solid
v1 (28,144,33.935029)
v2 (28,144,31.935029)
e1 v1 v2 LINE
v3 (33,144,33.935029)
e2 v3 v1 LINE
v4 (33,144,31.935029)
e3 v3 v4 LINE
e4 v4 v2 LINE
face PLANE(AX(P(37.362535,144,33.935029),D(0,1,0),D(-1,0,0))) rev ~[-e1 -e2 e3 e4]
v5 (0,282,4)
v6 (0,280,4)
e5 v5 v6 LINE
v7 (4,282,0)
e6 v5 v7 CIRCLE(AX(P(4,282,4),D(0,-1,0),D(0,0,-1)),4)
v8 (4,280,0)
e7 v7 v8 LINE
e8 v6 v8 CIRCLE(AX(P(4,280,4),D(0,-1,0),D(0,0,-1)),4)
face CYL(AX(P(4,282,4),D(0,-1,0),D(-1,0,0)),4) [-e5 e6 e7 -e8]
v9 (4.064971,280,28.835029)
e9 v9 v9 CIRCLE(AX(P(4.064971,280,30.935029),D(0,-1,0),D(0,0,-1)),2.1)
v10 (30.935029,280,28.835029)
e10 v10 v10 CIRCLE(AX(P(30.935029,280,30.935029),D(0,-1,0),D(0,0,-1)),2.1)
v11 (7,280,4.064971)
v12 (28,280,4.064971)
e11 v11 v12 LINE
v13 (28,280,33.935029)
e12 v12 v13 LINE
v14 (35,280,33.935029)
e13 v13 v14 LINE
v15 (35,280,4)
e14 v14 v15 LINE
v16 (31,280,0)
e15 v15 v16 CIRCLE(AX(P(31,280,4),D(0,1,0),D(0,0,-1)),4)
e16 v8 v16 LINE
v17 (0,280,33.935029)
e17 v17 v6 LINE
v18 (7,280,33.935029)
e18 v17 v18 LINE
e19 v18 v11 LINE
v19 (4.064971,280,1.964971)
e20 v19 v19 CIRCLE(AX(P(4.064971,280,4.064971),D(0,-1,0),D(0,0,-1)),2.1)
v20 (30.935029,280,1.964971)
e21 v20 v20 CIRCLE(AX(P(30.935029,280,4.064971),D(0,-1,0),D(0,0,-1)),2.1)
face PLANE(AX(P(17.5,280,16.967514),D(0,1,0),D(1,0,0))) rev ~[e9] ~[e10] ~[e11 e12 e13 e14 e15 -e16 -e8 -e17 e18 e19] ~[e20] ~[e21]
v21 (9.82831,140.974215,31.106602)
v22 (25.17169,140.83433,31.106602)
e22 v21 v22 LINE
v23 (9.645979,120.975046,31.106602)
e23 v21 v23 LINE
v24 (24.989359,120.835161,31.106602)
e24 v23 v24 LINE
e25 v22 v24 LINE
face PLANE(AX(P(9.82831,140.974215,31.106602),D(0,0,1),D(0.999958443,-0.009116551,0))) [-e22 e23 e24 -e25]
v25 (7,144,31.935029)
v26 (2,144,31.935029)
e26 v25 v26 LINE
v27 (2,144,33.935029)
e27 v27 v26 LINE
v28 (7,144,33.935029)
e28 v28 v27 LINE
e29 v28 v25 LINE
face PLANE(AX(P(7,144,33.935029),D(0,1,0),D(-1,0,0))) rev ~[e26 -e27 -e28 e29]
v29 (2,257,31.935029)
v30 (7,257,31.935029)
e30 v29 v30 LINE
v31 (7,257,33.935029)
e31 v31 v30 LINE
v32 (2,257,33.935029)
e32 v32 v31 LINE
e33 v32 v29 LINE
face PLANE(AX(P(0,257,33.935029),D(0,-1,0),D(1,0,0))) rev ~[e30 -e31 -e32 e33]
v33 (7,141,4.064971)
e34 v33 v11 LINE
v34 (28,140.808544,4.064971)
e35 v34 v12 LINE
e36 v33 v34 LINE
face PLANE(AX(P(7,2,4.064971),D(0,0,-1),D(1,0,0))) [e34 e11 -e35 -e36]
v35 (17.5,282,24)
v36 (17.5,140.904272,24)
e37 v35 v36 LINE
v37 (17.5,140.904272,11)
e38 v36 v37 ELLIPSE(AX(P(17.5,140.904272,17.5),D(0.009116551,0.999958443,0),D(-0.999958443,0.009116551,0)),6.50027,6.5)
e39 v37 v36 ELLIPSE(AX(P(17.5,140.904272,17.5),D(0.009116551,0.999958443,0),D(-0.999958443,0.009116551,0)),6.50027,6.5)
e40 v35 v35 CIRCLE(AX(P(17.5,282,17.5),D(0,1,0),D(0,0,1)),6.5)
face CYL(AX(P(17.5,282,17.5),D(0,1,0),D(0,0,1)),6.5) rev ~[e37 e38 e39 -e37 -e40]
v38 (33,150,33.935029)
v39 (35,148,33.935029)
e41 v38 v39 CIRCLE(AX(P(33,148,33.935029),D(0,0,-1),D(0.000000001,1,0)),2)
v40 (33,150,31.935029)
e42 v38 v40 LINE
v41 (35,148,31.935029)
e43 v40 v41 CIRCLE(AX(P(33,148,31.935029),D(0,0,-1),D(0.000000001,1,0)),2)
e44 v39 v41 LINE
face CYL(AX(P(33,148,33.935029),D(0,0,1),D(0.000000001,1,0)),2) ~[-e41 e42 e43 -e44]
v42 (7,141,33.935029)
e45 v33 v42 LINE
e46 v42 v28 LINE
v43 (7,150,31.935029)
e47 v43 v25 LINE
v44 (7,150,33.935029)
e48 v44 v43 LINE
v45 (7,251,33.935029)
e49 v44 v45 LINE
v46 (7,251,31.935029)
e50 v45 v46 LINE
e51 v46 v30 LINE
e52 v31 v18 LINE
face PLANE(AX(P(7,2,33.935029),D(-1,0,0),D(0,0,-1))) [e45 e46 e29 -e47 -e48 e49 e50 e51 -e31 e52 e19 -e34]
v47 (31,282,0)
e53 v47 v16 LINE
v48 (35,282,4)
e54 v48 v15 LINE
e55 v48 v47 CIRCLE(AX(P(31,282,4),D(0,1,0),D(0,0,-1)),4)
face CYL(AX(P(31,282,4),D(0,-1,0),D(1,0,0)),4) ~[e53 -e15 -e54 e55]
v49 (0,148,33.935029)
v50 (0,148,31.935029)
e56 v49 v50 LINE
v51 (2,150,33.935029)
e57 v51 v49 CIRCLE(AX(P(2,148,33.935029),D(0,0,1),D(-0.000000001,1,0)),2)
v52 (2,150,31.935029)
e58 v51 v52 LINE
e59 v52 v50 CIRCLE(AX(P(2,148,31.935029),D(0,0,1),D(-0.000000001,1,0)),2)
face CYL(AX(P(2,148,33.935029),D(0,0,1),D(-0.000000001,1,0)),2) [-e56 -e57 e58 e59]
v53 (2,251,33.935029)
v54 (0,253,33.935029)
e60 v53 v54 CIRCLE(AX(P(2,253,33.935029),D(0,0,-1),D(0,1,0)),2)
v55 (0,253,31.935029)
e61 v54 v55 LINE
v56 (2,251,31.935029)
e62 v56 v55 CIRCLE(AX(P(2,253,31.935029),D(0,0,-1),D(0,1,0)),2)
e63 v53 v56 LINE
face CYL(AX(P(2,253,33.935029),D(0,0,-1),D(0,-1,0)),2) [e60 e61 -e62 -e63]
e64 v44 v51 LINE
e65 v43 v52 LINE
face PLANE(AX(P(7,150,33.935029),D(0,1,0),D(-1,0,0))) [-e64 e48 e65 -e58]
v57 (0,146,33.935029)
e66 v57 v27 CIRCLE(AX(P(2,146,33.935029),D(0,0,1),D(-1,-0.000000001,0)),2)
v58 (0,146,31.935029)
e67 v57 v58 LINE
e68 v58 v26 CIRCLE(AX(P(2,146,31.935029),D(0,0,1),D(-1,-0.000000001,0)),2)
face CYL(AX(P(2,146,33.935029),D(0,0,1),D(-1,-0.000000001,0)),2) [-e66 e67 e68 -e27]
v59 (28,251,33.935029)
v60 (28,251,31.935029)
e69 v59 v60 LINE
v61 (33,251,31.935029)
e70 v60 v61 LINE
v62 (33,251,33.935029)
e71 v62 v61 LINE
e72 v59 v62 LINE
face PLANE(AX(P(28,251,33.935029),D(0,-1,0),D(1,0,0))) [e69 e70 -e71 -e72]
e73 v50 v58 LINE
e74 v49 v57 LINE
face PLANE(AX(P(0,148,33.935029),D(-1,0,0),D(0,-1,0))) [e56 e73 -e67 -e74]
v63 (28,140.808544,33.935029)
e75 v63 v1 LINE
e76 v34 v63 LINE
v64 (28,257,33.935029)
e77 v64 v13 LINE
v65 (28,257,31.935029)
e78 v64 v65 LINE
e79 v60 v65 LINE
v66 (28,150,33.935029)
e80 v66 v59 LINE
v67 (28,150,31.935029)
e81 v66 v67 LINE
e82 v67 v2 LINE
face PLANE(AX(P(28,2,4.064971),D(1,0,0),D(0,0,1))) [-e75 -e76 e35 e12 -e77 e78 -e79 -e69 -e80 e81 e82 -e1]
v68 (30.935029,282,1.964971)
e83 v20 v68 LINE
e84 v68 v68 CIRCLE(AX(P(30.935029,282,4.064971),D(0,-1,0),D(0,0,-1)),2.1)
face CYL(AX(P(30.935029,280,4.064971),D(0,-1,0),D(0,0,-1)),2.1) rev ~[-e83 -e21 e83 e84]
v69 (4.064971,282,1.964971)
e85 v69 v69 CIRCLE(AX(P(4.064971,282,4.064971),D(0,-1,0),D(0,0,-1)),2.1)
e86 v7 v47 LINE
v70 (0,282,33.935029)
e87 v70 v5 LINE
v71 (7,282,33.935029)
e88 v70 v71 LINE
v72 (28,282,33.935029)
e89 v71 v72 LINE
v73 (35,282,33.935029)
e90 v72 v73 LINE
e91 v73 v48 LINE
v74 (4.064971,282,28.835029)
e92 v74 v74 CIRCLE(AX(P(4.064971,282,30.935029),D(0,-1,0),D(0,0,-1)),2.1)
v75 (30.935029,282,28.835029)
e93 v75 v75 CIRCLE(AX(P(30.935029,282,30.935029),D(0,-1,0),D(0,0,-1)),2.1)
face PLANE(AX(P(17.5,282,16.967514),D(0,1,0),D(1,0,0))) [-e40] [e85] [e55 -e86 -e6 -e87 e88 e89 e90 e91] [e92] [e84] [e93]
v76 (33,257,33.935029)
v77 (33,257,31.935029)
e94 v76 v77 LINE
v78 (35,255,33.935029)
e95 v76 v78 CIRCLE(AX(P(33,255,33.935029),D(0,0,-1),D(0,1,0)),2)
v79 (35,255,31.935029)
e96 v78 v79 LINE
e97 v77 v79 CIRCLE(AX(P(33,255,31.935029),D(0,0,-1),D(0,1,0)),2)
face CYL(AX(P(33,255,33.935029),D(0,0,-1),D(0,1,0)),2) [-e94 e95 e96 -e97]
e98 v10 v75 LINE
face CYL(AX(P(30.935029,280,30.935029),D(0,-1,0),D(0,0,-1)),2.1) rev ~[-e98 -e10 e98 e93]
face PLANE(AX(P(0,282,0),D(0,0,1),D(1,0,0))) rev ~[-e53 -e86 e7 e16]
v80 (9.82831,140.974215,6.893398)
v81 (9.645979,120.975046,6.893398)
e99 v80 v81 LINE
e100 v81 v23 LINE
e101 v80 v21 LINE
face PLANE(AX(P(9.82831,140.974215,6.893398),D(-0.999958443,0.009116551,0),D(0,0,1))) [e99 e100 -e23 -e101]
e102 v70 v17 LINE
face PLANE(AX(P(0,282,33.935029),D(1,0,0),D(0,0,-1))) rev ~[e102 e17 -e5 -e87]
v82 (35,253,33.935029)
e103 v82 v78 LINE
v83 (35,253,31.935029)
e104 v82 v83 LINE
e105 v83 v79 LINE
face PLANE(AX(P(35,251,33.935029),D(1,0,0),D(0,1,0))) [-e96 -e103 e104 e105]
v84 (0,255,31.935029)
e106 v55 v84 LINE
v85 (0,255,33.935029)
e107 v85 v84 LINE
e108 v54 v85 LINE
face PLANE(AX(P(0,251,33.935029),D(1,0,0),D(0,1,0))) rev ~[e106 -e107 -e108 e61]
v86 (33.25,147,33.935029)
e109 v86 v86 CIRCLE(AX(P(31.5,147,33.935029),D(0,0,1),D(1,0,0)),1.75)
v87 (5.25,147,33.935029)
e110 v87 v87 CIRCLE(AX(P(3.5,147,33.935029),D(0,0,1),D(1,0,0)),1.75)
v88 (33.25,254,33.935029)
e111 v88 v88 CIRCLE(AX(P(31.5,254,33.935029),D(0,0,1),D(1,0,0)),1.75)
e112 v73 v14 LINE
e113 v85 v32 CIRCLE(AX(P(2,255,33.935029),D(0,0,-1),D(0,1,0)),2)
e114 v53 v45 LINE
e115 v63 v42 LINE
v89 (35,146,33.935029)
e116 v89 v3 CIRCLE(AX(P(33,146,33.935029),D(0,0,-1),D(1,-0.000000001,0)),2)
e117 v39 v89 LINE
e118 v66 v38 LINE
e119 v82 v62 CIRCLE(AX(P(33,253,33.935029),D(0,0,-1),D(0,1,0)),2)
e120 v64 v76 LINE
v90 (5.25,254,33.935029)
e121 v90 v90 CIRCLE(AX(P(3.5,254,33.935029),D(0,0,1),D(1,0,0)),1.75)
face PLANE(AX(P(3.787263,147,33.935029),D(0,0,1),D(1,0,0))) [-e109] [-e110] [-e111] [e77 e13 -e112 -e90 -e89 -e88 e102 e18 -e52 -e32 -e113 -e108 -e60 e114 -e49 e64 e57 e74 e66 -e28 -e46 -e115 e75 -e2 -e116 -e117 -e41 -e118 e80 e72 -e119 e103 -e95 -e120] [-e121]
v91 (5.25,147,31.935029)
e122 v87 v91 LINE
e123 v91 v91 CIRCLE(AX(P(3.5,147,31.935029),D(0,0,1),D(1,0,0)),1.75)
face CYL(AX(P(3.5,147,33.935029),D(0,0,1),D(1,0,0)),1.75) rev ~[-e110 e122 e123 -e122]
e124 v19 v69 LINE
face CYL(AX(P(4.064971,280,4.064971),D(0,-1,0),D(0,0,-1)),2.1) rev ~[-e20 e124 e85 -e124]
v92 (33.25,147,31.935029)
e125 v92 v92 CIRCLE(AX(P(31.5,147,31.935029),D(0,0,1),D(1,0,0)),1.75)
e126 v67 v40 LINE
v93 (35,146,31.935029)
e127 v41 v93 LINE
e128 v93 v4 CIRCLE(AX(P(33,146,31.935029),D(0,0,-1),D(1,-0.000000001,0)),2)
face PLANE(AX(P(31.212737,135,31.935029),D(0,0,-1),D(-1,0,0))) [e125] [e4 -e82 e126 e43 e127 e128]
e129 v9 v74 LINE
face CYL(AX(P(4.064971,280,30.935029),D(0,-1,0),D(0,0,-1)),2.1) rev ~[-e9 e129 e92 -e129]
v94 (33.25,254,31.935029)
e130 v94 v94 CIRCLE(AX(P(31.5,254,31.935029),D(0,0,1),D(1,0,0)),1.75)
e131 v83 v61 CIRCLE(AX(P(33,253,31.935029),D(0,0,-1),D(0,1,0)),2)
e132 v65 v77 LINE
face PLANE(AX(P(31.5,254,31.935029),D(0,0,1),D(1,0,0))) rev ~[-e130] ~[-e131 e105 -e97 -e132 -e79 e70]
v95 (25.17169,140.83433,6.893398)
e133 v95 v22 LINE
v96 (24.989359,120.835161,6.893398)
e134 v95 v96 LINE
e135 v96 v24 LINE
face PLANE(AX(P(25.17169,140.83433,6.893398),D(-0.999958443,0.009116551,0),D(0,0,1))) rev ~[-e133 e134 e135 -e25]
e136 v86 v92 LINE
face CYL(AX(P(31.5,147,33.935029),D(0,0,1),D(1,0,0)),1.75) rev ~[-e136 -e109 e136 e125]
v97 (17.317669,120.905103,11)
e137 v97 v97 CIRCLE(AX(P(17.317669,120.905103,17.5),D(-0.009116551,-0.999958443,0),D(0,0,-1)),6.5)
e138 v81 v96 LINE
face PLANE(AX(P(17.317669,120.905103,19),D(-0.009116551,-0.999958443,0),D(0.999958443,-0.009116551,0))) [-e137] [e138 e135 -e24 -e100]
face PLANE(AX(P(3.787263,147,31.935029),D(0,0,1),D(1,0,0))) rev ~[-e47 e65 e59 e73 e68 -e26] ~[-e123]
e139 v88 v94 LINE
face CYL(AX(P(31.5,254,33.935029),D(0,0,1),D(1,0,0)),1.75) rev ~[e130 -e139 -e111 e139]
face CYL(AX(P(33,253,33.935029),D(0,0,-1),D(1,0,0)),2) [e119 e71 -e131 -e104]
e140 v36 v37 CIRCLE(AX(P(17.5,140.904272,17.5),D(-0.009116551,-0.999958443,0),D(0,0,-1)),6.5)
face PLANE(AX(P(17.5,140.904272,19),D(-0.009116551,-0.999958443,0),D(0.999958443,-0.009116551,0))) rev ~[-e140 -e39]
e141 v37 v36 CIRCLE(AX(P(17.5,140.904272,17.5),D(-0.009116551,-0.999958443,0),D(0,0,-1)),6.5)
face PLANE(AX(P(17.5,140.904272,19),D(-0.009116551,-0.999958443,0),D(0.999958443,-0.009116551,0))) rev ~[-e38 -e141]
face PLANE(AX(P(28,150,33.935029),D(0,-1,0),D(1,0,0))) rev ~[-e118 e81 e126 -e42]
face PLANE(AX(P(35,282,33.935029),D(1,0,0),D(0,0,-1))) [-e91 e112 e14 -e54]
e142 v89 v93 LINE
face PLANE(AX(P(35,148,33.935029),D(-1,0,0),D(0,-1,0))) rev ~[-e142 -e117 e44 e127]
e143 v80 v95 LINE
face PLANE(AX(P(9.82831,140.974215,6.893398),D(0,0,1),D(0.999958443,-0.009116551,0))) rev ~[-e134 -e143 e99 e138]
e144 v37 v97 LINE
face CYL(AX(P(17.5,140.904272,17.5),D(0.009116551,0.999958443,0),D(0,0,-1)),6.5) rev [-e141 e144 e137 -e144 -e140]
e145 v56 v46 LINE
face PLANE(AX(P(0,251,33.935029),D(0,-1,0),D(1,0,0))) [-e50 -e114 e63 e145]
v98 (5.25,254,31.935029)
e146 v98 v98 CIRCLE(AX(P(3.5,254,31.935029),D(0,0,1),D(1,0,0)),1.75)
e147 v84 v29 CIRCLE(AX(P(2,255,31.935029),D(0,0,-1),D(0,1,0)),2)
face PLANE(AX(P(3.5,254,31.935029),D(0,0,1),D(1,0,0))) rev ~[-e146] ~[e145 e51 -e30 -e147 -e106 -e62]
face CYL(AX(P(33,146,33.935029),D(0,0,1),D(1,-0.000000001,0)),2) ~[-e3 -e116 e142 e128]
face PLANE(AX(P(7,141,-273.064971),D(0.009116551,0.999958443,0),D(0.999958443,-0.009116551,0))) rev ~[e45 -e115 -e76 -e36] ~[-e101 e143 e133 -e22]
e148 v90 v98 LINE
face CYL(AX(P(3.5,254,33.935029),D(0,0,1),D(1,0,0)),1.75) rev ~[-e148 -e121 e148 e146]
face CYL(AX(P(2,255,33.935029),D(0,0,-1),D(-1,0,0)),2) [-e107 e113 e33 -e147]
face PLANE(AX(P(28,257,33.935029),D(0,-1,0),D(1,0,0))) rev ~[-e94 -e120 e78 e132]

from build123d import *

# Parameters (mm, degrees)
ESQUISSE1_W                  = 35
ESQUISSE1_H                  = 35
BOSS_EXTRU_1_DEPTH           = 2
ESQUISSE2_R                  = 1.75
ESQUISSE2_W                  = 35
ESQUISSE2_H                  = 1.064971157
ENL_V_MAT_EXTRU_1_DEPTH      = 2
BOSS_EXTRU_2_DEPTH           = 280
ESQUISSE5_W                  = 7
ESQUISSE5_H                  = 6
ESQUISSE5_R                  = 1.75
BOSS_EXTRU_3_DEPTH           = 2
ESQUISSE6_R                  = 1.75
BOSS_EXTRU_4_DEPTH           = 2
ESQUISSE10_W                 = 35
ESQUISSE10_H                 = 33.935028843
ESQUISSE10_R                 = 1.75
BOSS_EXTRU_5_DEPTH           = 2
ESQUISSE15_R                 = 6.5
ESQUISSE15_R_2               = 1.75
ENL_V_MAT_EXTRU_2_DEPTH      = 373
CONG_1_R                     = 2
CONG_2_R                     = 4
ESQUISSE17_R                 = 1.75
BOSS_EXTRU_6_DEPTH           = 2
ENL_V_MAT_EXTRU_3_DEPTH      = 2
ENL_V_MAT_EXTRU_4_DEPTH      = 128
ENL_V_MAT_EXTRU_4_DEPTH_BACK = 307
ESQUISSE20_W                 = 15.344018475
ESQUISSE20_H                 = 24.213203648
ESQUISSE20_R                 = 6.5
BOSS_EXTRU_7_DEPTH           = 20
ESQUISSE21_R                 = 2.1
ENL_V_MAT_EXTRU_5_DEPTH      = 10


with BuildPart() as part:
    # Esquisse1 → Boss.-Extru.1 (new body)
    with BuildSketch(Plane(origin=(0, 0, 0), x_dir=(1, 0, 0), z_dir=(0, 1, 0))):
        with Locations((17.5, -17.5)):
            Rectangle(ESQUISSE1_W, ESQUISSE1_H)
    extrude(amount=BOSS_EXTRU_1_DEPTH)

    # Esquisse2 → Enlèv. mat.-Extru.1 (cut)
    with BuildSketch(Plane(origin=(0, 2, 0), x_dir=(1, 0, 0), z_dir=(0, 1, 0))):
        with Locations(Location((30.935029054, -4.064971369, 0), (0, 0, 270))):
            Circle(ESQUISSE2_R)
        with Locations(Location((30.935028843, -30.935028843, 0), (0, 0, 270))):
            Circle(ESQUISSE2_R)
        with Locations(Location((4.064971369, -4.064970946, 0), (0, 0, 270))):
            Circle(ESQUISSE2_R)
        with Locations(Location((4.064971157, -30.935028843, 0), (0, 0, 270))):
            Circle(ESQUISSE2_R)
        with Locations((17.5, -34.467514421)):
            Rectangle(ESQUISSE2_W, ESQUISSE2_H)
    extrude(amount=-ENL_V_MAT_EXTRU_1_DEPTH, mode=Mode.SUBTRACT)

    # Esquisse4 → Boss.-Extru.2 (add)
    with BuildSketch(Plane(origin=(0, 2, 0), x_dir=(1, 0, 0), z_dir=(0, 1, 0))):
        Polygon((17.5, -33.935028843), (7, -33.935028843), (7, -4.064970946), (28, -4.064970946), (28, -33.935028843), align=None)
    extrude(amount=BOSS_EXTRU_2_DEPTH)

    # Esquisse5 → Boss.-Extru.3 (add)
    # profile 1 of 4: a face of its own
    with BuildSketch(Plane.XY.offset(33.935028843)):
        with Locations((31.5, 254)):
            Rectangle(ESQUISSE5_W, ESQUISSE5_H)
        with Locations((31.5, 254)):
            Circle(ESQUISSE5_R, mode=Mode.SUBTRACT)
    # profile 2 of 4: a face of its own
    with BuildSketch(Plane.XY.offset(33.935028843)):
        with Locations((3.5, 254)):
            Rectangle(ESQUISSE5_W, ESQUISSE5_H)
        with Locations((3.5, 254)):
            Circle(ESQUISSE5_R, mode=Mode.SUBTRACT)
    # profile 3 of 4: a face of its own
    with BuildSketch(Plane.XY.offset(33.935028843)):
        with Locations((31.5, 28)):
            Rectangle(ESQUISSE5_W, ESQUISSE5_H)
        with Locations((31.5, 28)):
            Circle(ESQUISSE5_R, mode=Mode.SUBTRACT)
    # profile 4 of 4: a face of its own
    with BuildSketch(Plane.XY.offset(33.935028843)):
        with Locations((3.5, 28)):
            Rectangle(ESQUISSE5_W, ESQUISSE5_H)
        with Locations((3.5, 28)):
            Circle(ESQUISSE5_R, mode=Mode.SUBTRACT)
    extrude(amount=-BOSS_EXTRU_3_DEPTH)

    # Esquisse6 → Boss.-Extru.4 (add)
    # profile 1 of 2: a face of its own
    with BuildSketch(Plane.XY.offset(33.935028843)):
        Polygon((7, 144), (0, 144), (0, 141), (0, 138), (7, 138), (7, 141), align=None)
        with Locations((3.5, 141)):
            Circle(ESQUISSE6_R, mode=Mode.SUBTRACT)
    # profile 2 of 2: a face of its own
    with BuildSketch(Plane.XY.offset(33.935028843)):
        Polygon((35, 144), (28, 144), (28, 141), (28, 138), (35, 138), (35, 141), align=None)
        with Locations((31.5, 141)):
            Circle(ESQUISSE6_R, mode=Mode.SUBTRACT)
    extrude(amount=-BOSS_EXTRU_4_DEPTH)

    # Esquisse10 → Boss.-Extru.5 (add)
    with BuildSketch(Plane(origin=(0, 282, 0), x_dir=(1, 0, 0), z_dir=(0, 1, 0))):
        with Locations((17.5, -16.967514422)):
            Rectangle(ESQUISSE10_W, ESQUISSE10_H)
        with Locations(Location((30.935028843, -30.935028843, 0), (0, 0, 270))):
            Circle(ESQUISSE10_R, mode=Mode.SUBTRACT)
        with Locations(Location((30.935028631, -4.064970946, 0), (0, 0, 270.000013863))):
            Circle(ESQUISSE10_R, mode=Mode.SUBTRACT)
        with Locations(Location((4.064970946, -4.064971369, 0), (0, 0, 270.000013863))):
            Circle(ESQUISSE10_R, mode=Mode.SUBTRACT)
        with Locations(Location((4.064971157, -30.935028843, 0), (0, 0, 270))):
            Circle(ESQUISSE10_R, mode=Mode.SUBTRACT)
    extrude(amount=-BOSS_EXTRU_5_DEPTH)

    # Esquisse15 → Enlèv. mat.-Extru.2 (cut)
    with BuildSketch(Plane(origin=(0, 282, 0), x_dir=(1, 0, 0), z_dir=(0, 1, 0))):
        with Locations(Location((17.5, -17.5, 0), (0, 0, 270))):
            Circle(ESQUISSE15_R)
        with Locations(Location((30.935029054, -4.064971369, 0), (0, 0, 270))):
            Circle(ESQUISSE15_R_2)
    extrude(amount=-ENL_V_MAT_EXTRU_2_DEPTH, mode=Mode.SUBTRACT)

    # Congé1
    cong_1_edges = [part.edges().sort_by_distance(p)[0] for p in [
        (0, 31, 32.935028843),
        (0, 25, 32.935028843),
        (0, 144, 32.935028843),
        (0, 138, 32.935028843),
        (35, 144, 32.935028843),
        (35, 138, 32.935028843),
        (35, 257, 32.935028843),
        (35, 251, 32.935028843),
        (0, 251, 32.935028843),
        (0, 257, 32.935028843),
        (35, 31, 32.935028843),
        (35, 25, 32.935028843),
    ]]
    fillet(cong_1_edges, radius=CONG_1_R)

    # Congé2
    cong_2_edges = [part.edges().sort_by_distance(p)[0] for p in [
        (35, 281, 0),
        (0, 281, 0),
        (0, 1, 0),
        (35, 1, 0),
    ]]
    fillet(cong_2_edges, radius=CONG_2_R)

    # Esquisse17 → Boss.-Extru.6 (add)
    # profile 1 of 4: a face of its own
    with BuildSketch(Plane.XY.offset(33.935028843)):
        with BuildLine():
            Line((0, 148), (0, 146))
            ThreePointArc((0, 146), (0.585786438, 144.585786438), (2, 144))
            Line((2, 144), (7, 144))
            Line((7, 144), (7, 150))
            Line((7, 150), (2, 150))
            ThreePointArc((2, 150), (0.585786438, 149.414213562), (0, 148))
        make_face()
        with Locations((3.5, 147)):
            Circle(ESQUISSE17_R, mode=Mode.SUBTRACT)
    # profile 2 of 4: a face of its own
    with BuildSketch(Plane.XY.offset(33.935028843)):
        with BuildLine():
            Line((0, 136), (0, 134))
            ThreePointArc((0, 134), (0.585786438, 132.585786438), (2, 132))
            Line((2, 132), (7, 132))
            Line((7, 132), (7, 138))
            Line((7, 138), (2, 138))
            ThreePointArc((2, 138), (0.585786438, 137.414213562), (0, 136))
        make_face()
        with Locations((3.5, 135)):
            Circle(ESQUISSE17_R, mode=Mode.SUBTRACT)
    # profile 3 of 4: a face of its own
    with BuildSketch(Plane.XY.offset(33.935028843)):
        with BuildLine():
            ThreePointArc((35, 134), (34.414213562, 132.585786438), (33, 132))
            Line((33, 132), (28, 132))
            Line((28, 132), (28, 138))
            Line((28, 138), (33, 138))
            ThreePointArc((33, 138), (34.414213562, 137.414213562), (35, 136))
            Line((35, 136), (35, 134))
        make_face()
        with Locations((31.5, 135)):
            Circle(ESQUISSE17_R, mode=Mode.SUBTRACT)
    # profile 4 of 4: a face of its own
    with BuildSketch(Plane.XY.offset(33.935028843)):
        with BuildLine():
            ThreePointArc((35, 146), (34.414213562, 144.585786438), (33, 144))
            Line((33, 144), (28, 144))
            Line((28, 144), (28, 150))
            Line((28, 150), (33, 150))
            ThreePointArc((33, 150), (34.414213562, 149.414213562), (35, 148))
            Line((35, 148), (35, 146))
        make_face()
        with Locations((31.5, 147)):
            Circle(ESQUISSE17_R, mode=Mode.SUBTRACT)
    extrude(amount=-BOSS_EXTRU_6_DEPTH)

    # Esquisse18 → Enlèv. mat.-Extru.3 (cut)
    with BuildSketch(Plane.XY.offset(33.935028843)):
        Polygon((2, 138), (7, 138), (7, 144), (2, 144), (-2.362534847, 144), (-2.362534847, 138), align=None)
        Polygon((37.362534847, 138), (33, 138), (28, 138), (28, 144), (33, 144), (37.362534847, 144), align=None)
    extrude(amount=-ENL_V_MAT_EXTRU_3_DEPTH, mode=Mode.SUBTRACT)

    # Esquisse19 → Enlèv. mat.-Extru.4 (cut, two sides: drawn at the far end of the back side and taken through both)
    with BuildSketch(Plane.XY.offset(33.935028843).offset(-ENL_V_MAT_EXTRU_4_DEPTH_BACK)):
        Polygon((7, 141), (140.120509387, 139.786349695), (140.120509387, -30.380281214), (-166.15037202, -30.380281214), (-166.15037202, 141), align=None)
    extrude(amount=ENL_V_MAT_EXTRU_4_DEPTH + ENL_V_MAT_EXTRU_4_DEPTH_BACK, mode=Mode.SUBTRACT)

    # Esquisse20 → Boss.-Extru.7 (add)
    with BuildSketch(Plane(origin=(1.285962007, 141.052094482, 0), x_dir=(0.999958443388445, -0.009116550672166258, 0), z_dir=(-0.009116550672166258, -0.9999584433884451, 0))):
        with Locations((16.214711822, 18.999999894)):
            Rectangle(ESQUISSE20_W, ESQUISSE20_H)
        with Locations(Location((16.214711821, 17.5, 0), (0, 0, 270))):
            Circle(ESQUISSE20_R, mode=Mode.SUBTRACT)
    extrude(amount=BOSS_EXTRU_7_DEPTH)

    # Esquisse21 → Enlèv. mat.-Extru.5 (cut)
    with BuildSketch(Plane.XZ.offset(-280)):
        with Locations(Location((4.064970946, 4.064971369, 0), (0, 0, 270))):
            Circle(ESQUISSE21_R)
        with Locations(Location((30.935028631, 4.064970946, 0), (0, 0, 270))):
            Circle(ESQUISSE21_R)
        with Locations(Location((30.935028843, 30.935028843, 0), (0, 0, 270))):
            Circle(ESQUISSE21_R)
        with Locations(Location((4.064971157, 30.935028843, 0), (0, 0, 270))):
            Circle(ESQUISSE21_R)
    extrude(amount=-ENL_V_MAT_EXTRU_5_DEPTH, mode=Mode.SUBTRACT)


solid = part.part
